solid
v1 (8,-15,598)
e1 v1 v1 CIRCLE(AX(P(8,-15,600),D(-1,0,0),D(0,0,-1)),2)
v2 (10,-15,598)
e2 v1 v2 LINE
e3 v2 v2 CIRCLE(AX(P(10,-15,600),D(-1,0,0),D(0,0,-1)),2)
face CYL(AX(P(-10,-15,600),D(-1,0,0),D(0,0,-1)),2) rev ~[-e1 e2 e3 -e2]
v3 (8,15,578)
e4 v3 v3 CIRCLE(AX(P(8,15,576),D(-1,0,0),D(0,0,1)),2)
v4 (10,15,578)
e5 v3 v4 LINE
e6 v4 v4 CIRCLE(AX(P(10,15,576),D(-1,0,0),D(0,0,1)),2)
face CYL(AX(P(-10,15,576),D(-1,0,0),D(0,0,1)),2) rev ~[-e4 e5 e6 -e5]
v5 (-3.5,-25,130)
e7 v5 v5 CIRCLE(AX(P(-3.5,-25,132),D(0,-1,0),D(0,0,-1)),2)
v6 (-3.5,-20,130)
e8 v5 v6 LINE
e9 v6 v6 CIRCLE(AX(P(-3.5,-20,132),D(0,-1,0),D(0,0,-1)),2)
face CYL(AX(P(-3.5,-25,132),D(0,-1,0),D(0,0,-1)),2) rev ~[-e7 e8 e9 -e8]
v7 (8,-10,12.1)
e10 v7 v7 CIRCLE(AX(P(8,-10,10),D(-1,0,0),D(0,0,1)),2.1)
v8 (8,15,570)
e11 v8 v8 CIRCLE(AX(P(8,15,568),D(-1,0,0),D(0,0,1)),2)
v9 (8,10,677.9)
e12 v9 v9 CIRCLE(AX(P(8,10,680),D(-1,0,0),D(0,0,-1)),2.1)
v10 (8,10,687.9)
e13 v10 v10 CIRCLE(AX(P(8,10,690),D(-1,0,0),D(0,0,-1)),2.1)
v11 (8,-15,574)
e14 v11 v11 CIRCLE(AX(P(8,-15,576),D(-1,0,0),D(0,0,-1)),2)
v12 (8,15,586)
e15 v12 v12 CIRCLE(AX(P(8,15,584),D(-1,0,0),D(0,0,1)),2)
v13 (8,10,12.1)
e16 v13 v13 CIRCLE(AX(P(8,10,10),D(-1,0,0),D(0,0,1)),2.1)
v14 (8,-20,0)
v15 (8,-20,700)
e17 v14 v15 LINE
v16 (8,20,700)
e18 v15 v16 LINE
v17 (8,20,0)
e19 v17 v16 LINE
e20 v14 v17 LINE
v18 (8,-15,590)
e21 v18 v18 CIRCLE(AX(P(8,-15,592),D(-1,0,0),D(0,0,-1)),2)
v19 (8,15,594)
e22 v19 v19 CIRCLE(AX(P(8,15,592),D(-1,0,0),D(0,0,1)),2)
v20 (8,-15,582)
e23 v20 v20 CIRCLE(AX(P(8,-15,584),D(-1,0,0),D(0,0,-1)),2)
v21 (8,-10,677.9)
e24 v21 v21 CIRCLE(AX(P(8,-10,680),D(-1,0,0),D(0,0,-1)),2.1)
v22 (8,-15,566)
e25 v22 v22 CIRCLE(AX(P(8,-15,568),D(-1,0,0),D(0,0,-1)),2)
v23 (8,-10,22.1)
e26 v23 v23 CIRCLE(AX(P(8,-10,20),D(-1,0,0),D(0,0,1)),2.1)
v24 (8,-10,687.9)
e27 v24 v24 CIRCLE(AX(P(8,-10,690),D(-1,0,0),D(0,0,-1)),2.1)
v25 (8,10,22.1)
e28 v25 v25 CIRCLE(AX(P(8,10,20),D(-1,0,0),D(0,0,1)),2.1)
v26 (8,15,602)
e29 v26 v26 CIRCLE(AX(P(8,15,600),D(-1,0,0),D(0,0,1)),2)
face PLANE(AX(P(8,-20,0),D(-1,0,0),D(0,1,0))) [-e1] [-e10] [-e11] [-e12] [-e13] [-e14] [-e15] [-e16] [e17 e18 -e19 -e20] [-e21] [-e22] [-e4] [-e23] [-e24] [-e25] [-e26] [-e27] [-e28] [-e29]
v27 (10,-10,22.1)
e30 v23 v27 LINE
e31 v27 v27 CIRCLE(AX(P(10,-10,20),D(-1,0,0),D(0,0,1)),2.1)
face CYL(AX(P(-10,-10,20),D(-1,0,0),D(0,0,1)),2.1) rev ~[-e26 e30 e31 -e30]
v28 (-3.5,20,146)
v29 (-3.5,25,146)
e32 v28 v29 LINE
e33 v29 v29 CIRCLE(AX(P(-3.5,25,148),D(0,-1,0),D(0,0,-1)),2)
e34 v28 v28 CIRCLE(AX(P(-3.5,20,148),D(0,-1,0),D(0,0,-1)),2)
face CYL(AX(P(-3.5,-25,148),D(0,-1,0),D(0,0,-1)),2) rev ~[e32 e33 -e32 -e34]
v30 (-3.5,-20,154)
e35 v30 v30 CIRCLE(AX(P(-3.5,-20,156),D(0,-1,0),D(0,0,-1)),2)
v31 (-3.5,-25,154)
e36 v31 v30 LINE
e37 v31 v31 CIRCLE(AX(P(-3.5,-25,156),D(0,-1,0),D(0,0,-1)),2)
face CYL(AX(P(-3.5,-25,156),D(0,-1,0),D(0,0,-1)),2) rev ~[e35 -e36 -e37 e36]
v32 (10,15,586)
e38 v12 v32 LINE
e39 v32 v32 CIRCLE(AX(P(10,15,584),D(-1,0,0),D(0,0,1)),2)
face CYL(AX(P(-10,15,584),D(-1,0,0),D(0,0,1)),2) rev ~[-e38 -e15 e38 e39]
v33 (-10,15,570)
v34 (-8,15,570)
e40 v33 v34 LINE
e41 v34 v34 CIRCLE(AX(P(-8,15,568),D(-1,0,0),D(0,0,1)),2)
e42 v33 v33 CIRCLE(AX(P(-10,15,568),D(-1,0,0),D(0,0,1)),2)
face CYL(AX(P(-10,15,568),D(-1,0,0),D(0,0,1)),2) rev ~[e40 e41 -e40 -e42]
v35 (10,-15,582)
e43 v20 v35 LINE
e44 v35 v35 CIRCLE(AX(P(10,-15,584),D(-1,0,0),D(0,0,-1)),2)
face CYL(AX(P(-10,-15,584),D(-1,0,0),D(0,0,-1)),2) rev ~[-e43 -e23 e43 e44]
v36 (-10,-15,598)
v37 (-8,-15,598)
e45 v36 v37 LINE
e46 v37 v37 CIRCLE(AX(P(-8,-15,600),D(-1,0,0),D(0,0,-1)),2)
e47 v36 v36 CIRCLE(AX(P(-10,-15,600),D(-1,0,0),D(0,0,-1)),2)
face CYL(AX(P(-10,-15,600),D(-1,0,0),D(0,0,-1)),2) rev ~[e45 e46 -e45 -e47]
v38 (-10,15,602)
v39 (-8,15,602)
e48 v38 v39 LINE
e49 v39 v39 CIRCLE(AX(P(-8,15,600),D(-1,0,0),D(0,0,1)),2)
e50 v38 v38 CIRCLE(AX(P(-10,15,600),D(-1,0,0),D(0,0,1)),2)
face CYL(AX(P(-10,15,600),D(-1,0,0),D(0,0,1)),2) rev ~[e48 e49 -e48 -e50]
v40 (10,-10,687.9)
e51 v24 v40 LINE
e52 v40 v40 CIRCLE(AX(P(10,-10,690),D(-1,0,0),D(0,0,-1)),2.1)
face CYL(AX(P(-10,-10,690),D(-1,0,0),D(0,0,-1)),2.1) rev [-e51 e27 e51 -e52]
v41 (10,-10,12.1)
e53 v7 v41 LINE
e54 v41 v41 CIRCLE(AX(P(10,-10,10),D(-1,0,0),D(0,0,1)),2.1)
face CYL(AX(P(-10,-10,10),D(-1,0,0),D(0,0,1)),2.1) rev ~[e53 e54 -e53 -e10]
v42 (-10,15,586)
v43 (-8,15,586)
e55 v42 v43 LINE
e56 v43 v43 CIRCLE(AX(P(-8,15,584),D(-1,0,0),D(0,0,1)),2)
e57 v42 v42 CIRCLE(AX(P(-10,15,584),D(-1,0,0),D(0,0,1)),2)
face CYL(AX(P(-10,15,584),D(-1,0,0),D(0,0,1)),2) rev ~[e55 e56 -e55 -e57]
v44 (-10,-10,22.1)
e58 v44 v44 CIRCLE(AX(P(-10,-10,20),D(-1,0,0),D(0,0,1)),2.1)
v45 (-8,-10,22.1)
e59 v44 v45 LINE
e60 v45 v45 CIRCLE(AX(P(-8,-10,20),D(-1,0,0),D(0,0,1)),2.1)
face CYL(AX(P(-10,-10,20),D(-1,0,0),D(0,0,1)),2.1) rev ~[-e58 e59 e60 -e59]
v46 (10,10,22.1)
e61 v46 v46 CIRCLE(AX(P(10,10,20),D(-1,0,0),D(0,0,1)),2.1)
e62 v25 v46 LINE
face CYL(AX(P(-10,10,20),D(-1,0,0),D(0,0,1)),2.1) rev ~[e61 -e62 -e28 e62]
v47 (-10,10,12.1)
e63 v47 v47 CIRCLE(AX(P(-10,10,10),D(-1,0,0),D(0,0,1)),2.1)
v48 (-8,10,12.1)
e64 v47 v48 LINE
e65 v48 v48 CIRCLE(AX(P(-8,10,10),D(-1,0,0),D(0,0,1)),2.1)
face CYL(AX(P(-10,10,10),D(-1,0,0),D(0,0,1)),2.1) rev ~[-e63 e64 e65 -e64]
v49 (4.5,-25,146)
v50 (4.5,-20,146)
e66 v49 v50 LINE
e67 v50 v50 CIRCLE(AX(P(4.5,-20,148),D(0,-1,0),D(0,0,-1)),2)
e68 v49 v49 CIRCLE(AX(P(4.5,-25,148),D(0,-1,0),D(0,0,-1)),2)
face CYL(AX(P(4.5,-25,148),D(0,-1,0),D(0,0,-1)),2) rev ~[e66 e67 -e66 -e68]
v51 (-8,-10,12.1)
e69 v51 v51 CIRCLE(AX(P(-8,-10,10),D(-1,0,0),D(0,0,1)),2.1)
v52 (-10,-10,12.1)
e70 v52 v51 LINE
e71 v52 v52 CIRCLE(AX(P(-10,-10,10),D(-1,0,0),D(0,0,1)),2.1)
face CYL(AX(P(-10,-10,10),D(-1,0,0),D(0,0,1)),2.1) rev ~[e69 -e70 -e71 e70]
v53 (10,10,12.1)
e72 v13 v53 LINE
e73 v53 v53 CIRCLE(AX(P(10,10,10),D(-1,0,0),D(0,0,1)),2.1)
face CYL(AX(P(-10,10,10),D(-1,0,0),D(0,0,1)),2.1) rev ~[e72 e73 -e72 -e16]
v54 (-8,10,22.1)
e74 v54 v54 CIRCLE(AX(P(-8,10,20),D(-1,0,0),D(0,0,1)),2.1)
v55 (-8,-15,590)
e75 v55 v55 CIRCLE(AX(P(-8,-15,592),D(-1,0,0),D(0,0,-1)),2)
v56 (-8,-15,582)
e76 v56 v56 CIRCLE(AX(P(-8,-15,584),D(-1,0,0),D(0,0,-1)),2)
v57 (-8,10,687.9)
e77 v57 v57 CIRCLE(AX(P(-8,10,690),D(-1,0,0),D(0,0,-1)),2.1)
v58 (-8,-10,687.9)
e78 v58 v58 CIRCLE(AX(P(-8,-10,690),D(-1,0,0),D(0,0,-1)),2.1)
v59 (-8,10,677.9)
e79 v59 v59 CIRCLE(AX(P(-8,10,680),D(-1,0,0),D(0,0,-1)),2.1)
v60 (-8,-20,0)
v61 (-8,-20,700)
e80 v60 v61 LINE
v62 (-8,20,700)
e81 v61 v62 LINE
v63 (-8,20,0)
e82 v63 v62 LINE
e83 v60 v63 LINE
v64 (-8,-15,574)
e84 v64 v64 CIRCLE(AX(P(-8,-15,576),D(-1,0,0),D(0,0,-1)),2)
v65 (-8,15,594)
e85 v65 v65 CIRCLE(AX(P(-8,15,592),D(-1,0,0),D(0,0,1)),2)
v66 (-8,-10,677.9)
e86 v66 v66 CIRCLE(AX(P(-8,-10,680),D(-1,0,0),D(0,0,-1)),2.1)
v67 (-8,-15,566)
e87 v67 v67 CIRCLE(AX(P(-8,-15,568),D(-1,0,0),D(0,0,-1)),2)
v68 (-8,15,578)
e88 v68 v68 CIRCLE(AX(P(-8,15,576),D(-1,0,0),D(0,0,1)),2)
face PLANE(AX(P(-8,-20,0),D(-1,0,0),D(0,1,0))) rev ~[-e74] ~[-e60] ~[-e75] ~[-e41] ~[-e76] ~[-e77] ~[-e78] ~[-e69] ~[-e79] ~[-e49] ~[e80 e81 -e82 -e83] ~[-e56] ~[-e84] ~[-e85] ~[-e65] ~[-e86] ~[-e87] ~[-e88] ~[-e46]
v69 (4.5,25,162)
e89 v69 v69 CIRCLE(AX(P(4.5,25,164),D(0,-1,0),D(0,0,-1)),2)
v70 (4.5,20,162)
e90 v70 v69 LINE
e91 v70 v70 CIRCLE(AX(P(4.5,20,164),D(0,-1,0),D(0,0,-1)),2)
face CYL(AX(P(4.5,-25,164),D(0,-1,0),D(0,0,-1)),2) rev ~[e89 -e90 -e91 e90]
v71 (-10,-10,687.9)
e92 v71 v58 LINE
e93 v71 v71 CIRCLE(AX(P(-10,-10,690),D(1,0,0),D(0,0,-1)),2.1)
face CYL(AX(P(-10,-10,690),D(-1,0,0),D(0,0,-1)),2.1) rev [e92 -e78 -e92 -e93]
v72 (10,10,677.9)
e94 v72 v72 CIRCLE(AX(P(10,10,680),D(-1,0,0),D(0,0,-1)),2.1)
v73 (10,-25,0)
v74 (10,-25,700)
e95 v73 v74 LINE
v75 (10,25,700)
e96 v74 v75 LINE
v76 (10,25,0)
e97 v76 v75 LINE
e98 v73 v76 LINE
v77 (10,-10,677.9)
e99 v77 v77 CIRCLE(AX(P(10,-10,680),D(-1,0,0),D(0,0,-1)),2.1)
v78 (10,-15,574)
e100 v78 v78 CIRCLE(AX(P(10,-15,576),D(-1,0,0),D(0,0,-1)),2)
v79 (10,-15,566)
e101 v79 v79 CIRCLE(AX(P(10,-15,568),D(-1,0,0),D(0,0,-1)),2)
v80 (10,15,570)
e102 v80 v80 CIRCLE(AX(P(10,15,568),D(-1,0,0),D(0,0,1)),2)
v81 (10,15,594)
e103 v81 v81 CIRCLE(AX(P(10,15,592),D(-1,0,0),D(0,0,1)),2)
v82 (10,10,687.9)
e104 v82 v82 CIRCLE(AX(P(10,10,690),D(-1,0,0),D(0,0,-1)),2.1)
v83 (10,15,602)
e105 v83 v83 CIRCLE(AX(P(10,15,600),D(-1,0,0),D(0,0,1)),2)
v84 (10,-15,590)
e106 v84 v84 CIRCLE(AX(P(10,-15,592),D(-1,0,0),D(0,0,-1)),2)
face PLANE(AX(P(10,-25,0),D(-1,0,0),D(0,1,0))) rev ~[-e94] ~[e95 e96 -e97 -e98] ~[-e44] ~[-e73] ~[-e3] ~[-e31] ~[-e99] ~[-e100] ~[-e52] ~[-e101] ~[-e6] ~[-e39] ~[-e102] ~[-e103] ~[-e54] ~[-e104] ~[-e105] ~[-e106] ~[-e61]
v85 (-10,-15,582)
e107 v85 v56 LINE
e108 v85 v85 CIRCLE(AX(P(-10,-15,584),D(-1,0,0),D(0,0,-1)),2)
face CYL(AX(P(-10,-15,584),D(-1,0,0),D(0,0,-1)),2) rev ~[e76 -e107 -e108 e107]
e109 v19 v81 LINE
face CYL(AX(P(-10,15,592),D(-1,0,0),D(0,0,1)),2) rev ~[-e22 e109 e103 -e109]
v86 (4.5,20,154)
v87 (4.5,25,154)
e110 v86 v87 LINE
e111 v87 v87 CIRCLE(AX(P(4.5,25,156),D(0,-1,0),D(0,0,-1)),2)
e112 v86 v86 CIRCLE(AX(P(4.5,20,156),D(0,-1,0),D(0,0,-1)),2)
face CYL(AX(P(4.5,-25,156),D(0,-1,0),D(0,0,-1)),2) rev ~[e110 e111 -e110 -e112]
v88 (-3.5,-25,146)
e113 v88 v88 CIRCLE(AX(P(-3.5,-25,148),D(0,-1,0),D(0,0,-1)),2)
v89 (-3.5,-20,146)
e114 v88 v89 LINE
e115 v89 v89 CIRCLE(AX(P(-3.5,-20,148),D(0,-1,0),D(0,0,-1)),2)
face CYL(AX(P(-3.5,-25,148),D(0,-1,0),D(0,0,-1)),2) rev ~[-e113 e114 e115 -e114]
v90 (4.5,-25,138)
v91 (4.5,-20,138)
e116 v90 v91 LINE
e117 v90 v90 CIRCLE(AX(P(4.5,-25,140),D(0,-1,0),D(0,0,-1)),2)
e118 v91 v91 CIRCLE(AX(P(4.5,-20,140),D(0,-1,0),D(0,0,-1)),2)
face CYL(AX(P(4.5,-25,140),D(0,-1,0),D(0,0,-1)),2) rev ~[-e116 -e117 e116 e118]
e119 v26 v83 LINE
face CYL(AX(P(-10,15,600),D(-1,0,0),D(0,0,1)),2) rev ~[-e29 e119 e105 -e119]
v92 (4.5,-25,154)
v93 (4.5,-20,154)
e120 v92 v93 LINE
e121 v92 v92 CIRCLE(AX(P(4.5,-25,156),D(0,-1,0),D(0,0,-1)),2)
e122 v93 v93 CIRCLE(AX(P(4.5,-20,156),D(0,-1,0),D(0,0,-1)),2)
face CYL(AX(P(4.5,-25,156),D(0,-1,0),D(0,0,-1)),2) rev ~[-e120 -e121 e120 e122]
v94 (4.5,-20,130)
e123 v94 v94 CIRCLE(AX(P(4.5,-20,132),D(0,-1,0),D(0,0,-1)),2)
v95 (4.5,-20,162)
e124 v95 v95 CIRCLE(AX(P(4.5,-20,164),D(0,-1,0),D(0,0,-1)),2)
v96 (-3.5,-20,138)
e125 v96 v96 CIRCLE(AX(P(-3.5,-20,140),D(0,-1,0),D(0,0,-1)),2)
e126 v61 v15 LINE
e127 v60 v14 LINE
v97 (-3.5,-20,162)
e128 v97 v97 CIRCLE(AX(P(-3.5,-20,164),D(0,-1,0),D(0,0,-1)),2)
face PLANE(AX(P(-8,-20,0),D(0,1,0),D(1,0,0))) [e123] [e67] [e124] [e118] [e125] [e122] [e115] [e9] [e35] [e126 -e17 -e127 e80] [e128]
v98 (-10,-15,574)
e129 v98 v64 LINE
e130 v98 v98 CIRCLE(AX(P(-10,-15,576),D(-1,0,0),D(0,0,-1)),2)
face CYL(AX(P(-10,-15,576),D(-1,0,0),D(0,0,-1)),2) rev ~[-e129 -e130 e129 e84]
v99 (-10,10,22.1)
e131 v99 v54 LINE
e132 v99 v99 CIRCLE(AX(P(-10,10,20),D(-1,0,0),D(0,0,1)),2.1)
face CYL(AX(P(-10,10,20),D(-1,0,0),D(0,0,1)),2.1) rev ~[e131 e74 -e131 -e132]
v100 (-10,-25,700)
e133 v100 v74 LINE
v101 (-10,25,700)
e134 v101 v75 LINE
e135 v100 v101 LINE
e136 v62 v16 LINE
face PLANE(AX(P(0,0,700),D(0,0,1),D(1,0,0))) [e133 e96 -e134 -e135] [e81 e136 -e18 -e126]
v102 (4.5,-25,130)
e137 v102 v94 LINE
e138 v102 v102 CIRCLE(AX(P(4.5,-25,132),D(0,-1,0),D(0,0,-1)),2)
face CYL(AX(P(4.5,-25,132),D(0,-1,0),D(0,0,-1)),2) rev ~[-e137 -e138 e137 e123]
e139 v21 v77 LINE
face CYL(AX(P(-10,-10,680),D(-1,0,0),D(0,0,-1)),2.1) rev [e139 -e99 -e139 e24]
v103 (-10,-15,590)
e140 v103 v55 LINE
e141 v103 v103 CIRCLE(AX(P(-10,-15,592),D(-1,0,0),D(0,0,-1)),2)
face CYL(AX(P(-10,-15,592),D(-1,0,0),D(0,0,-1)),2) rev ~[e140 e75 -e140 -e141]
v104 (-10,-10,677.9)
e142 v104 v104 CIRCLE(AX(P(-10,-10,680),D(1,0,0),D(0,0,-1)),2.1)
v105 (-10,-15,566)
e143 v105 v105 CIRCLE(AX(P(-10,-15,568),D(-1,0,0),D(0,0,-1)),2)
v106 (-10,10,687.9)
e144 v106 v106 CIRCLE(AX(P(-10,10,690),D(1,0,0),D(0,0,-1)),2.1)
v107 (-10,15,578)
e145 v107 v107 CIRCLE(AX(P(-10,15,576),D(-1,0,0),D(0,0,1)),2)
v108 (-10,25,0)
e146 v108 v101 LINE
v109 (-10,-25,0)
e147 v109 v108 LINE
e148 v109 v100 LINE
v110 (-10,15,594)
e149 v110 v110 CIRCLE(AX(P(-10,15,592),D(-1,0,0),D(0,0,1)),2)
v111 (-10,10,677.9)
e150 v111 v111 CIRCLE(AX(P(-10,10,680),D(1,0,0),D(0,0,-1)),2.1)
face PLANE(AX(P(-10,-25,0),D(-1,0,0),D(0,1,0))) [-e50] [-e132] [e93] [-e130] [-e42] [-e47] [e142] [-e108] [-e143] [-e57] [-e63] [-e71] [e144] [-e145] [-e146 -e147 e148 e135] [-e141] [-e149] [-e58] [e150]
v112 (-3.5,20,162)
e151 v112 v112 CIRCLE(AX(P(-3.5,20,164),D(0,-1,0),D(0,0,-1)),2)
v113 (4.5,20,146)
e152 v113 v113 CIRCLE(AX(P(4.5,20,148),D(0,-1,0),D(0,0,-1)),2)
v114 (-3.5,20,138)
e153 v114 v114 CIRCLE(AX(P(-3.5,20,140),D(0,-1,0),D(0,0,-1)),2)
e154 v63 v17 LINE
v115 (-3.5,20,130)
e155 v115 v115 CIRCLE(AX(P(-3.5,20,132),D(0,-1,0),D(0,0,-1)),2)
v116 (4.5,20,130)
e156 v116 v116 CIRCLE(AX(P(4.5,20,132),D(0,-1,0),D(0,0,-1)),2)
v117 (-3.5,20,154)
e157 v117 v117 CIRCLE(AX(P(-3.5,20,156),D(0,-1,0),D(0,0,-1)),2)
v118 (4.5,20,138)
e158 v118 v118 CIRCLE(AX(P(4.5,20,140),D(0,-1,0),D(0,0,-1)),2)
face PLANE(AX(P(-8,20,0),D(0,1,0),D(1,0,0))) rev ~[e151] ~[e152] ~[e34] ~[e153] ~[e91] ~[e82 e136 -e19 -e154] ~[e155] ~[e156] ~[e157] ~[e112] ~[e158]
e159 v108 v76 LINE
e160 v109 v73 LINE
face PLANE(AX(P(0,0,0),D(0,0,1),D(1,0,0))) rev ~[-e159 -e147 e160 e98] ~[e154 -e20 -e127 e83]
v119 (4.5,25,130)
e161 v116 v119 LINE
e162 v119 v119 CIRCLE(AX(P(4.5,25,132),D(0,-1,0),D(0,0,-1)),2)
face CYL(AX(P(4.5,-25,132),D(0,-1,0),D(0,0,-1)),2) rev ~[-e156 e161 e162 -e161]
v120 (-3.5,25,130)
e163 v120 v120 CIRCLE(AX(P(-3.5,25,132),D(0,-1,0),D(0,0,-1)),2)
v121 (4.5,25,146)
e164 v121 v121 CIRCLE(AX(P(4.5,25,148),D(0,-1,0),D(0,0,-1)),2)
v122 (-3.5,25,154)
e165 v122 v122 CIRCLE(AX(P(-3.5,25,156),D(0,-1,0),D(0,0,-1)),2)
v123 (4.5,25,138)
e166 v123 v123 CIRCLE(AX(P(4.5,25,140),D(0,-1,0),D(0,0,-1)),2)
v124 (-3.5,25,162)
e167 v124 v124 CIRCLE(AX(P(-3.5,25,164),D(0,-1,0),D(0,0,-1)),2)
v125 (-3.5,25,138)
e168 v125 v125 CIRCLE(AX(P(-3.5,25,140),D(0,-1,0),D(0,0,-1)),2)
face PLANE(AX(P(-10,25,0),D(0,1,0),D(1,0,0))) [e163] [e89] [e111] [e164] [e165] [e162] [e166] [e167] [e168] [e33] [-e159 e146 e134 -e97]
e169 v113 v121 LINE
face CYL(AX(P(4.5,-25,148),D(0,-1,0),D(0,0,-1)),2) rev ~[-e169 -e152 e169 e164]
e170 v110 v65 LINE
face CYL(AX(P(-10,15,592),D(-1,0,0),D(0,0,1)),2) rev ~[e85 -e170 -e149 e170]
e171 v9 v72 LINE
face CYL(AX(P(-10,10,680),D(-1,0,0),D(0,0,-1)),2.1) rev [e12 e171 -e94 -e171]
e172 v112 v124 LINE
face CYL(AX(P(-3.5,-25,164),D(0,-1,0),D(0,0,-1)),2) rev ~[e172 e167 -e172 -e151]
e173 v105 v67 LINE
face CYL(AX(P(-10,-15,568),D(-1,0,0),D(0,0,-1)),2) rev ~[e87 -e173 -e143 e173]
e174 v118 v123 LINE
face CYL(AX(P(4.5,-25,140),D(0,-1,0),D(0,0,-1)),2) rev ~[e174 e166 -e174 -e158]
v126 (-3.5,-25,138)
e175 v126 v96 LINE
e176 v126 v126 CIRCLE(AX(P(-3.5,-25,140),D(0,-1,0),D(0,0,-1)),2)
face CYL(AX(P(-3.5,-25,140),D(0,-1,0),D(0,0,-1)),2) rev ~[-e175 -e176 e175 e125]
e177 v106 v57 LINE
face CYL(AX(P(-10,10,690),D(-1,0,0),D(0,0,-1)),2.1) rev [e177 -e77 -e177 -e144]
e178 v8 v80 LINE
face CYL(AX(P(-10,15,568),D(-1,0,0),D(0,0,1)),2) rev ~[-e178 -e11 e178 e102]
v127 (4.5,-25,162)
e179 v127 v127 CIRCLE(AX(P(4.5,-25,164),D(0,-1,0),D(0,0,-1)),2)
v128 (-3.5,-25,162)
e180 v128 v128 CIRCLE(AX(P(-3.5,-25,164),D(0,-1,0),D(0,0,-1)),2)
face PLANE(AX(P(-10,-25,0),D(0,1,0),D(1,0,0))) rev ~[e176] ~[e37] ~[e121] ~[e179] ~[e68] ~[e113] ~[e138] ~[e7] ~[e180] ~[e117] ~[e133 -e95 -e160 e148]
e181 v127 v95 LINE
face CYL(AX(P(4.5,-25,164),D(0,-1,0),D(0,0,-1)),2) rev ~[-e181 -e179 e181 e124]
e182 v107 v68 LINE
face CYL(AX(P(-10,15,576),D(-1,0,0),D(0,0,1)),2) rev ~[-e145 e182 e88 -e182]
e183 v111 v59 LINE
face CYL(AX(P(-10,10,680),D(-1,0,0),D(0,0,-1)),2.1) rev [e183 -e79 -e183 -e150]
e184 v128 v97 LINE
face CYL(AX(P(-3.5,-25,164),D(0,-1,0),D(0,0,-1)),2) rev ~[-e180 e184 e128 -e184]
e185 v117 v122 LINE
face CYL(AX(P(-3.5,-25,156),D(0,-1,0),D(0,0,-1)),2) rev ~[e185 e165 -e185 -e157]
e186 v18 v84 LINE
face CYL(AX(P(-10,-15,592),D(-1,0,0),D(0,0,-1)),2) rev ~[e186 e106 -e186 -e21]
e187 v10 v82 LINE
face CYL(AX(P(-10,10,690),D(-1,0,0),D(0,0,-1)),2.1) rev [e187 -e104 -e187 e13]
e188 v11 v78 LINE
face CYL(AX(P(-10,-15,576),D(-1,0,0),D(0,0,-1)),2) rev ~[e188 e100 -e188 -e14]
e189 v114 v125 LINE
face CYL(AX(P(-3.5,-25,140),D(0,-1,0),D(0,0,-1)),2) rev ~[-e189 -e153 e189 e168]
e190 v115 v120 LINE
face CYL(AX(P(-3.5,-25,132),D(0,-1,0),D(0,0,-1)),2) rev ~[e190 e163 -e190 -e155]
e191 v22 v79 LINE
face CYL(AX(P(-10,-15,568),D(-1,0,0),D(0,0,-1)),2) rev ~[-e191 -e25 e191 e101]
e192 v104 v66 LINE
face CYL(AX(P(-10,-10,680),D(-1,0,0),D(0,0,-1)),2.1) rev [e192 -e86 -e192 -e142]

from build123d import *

# Parameters (mm, degrees)
SKETCH_1_W          = 20
SKETCH_1_H          = 50
SKETCH_1_W_2        = 16
SKETCH_1_H_2        = 40
EXTRUDE_1_DEPTH     = 700
SKETCH_5_R          = 2.1
CUT_EXTRUDE_1_DEPTH = 701.731760376
SKETCH_6_R          = 2
CUT_EXTRUDE_3_DEPTH = 702.854685815
SKETCH_7_R          = 2
CUT_EXTRUDE_5_DEPTH = 701.731760376


with BuildPart() as part:
    # 草图1 → 凸台-拉伸1 (new body)
    with BuildSketch(Plane.XY):
        Rectangle(SKETCH_1_W, SKETCH_1_H)
        Rectangle(SKETCH_1_W_2, SKETCH_1_H_2, mode=Mode.SUBTRACT)
    extrude(amount=EXTRUDE_1_DEPTH)

    # 草图5 → 切除-拉伸1 (cut, through all)
    with BuildSketch(Plane.ZY.offset(10)):
        with Locations((10, 10)):
            Circle(SKETCH_5_R)
        with Locations((20, 10)):
            Circle(SKETCH_5_R)
        with Locations((10, -10)):
            Circle(SKETCH_5_R)
        with Locations((20, -10)):
            Circle(SKETCH_5_R)
    cut_extrude_1 = extrude(amount=-CUT_EXTRUDE_1_DEPTH, mode=Mode.SUBTRACT)

    # 镜向1: 切除-拉伸1 across plane
    add(cut_extrude_1.mirror(Plane(origin=(-40, 280, 350), x_dir=(1, 0, 0), z_dir=(0, 0, -1))), mode=Mode.SUBTRACT)

    # 草图6 → 切除-拉伸3 (cut, through all)
    with BuildSketch(Plane.XZ.offset(25)):
        with Locations(Location((-3.5, 132, 0), (0, 0, 270))):
            Circle(SKETCH_6_R)
        with Locations(Location((4.5, 132, 0), (0, 0, 270))):
            Circle(SKETCH_6_R)
        with Locations(Location((4.5, 140, 0), (0, 0, 270))):
            Circle(SKETCH_6_R)
        with Locations(Location((4.5, 148, 0), (0, 0, 270))):
            Circle(SKETCH_6_R)
        with Locations(Location((4.5, 156, 0), (0, 0, 270))):
            Circle(SKETCH_6_R)
        with Locations(Location((4.5, 164, 0), (0, 0, 270))):
            Circle(SKETCH_6_R)
        with Locations(Location((-3.5, 140, 0), (0, 0, 270))):
            Circle(SKETCH_6_R)
        with Locations(Location((-3.5, 148, 0), (0, 0, 270))):
            Circle(SKETCH_6_R)
        with Locations(Location((-3.5, 156, 0), (0, 0, 270))):
            Circle(SKETCH_6_R)
        with Locations(Location((-3.5, 164, 0), (0, 0, 270))):
            Circle(SKETCH_6_R)
    extrude(amount=-CUT_EXTRUDE_3_DEPTH, mode=Mode.SUBTRACT)

    # 草图7 → 切除-拉伸5 (cut, through all)
    with BuildSketch(Plane.ZY.offset(10)):
        with Locations((600, 15)):
            Circle(SKETCH_7_R)
        with Locations((592, 15)):
            Circle(SKETCH_7_R)
        with Locations((584, 15)):
            Circle(SKETCH_7_R)
        with Locations((576, 15)):
            Circle(SKETCH_7_R)
        with Locations((568, 15)):
            Circle(SKETCH_7_R)
        with Locations(Location((592, -15, 0), (0, 0, 180))):
            Circle(SKETCH_7_R)
        with Locations(Location((584, -15, 0), (0, 0, 180))):
            Circle(SKETCH_7_R)
        with Locations(Location((576, -15, 0), (0, 0, 180))):
            Circle(SKETCH_7_R)
        with Locations(Location((568, -15, 0), (0, 0, 180))):
            Circle(SKETCH_7_R)
        with Locations(Location((600, -15, 0), (0, 0, 180))):
            Circle(SKETCH_7_R)
    extrude(amount=-CUT_EXTRUDE_5_DEPTH, mode=Mode.SUBTRACT)


solid = part.part
